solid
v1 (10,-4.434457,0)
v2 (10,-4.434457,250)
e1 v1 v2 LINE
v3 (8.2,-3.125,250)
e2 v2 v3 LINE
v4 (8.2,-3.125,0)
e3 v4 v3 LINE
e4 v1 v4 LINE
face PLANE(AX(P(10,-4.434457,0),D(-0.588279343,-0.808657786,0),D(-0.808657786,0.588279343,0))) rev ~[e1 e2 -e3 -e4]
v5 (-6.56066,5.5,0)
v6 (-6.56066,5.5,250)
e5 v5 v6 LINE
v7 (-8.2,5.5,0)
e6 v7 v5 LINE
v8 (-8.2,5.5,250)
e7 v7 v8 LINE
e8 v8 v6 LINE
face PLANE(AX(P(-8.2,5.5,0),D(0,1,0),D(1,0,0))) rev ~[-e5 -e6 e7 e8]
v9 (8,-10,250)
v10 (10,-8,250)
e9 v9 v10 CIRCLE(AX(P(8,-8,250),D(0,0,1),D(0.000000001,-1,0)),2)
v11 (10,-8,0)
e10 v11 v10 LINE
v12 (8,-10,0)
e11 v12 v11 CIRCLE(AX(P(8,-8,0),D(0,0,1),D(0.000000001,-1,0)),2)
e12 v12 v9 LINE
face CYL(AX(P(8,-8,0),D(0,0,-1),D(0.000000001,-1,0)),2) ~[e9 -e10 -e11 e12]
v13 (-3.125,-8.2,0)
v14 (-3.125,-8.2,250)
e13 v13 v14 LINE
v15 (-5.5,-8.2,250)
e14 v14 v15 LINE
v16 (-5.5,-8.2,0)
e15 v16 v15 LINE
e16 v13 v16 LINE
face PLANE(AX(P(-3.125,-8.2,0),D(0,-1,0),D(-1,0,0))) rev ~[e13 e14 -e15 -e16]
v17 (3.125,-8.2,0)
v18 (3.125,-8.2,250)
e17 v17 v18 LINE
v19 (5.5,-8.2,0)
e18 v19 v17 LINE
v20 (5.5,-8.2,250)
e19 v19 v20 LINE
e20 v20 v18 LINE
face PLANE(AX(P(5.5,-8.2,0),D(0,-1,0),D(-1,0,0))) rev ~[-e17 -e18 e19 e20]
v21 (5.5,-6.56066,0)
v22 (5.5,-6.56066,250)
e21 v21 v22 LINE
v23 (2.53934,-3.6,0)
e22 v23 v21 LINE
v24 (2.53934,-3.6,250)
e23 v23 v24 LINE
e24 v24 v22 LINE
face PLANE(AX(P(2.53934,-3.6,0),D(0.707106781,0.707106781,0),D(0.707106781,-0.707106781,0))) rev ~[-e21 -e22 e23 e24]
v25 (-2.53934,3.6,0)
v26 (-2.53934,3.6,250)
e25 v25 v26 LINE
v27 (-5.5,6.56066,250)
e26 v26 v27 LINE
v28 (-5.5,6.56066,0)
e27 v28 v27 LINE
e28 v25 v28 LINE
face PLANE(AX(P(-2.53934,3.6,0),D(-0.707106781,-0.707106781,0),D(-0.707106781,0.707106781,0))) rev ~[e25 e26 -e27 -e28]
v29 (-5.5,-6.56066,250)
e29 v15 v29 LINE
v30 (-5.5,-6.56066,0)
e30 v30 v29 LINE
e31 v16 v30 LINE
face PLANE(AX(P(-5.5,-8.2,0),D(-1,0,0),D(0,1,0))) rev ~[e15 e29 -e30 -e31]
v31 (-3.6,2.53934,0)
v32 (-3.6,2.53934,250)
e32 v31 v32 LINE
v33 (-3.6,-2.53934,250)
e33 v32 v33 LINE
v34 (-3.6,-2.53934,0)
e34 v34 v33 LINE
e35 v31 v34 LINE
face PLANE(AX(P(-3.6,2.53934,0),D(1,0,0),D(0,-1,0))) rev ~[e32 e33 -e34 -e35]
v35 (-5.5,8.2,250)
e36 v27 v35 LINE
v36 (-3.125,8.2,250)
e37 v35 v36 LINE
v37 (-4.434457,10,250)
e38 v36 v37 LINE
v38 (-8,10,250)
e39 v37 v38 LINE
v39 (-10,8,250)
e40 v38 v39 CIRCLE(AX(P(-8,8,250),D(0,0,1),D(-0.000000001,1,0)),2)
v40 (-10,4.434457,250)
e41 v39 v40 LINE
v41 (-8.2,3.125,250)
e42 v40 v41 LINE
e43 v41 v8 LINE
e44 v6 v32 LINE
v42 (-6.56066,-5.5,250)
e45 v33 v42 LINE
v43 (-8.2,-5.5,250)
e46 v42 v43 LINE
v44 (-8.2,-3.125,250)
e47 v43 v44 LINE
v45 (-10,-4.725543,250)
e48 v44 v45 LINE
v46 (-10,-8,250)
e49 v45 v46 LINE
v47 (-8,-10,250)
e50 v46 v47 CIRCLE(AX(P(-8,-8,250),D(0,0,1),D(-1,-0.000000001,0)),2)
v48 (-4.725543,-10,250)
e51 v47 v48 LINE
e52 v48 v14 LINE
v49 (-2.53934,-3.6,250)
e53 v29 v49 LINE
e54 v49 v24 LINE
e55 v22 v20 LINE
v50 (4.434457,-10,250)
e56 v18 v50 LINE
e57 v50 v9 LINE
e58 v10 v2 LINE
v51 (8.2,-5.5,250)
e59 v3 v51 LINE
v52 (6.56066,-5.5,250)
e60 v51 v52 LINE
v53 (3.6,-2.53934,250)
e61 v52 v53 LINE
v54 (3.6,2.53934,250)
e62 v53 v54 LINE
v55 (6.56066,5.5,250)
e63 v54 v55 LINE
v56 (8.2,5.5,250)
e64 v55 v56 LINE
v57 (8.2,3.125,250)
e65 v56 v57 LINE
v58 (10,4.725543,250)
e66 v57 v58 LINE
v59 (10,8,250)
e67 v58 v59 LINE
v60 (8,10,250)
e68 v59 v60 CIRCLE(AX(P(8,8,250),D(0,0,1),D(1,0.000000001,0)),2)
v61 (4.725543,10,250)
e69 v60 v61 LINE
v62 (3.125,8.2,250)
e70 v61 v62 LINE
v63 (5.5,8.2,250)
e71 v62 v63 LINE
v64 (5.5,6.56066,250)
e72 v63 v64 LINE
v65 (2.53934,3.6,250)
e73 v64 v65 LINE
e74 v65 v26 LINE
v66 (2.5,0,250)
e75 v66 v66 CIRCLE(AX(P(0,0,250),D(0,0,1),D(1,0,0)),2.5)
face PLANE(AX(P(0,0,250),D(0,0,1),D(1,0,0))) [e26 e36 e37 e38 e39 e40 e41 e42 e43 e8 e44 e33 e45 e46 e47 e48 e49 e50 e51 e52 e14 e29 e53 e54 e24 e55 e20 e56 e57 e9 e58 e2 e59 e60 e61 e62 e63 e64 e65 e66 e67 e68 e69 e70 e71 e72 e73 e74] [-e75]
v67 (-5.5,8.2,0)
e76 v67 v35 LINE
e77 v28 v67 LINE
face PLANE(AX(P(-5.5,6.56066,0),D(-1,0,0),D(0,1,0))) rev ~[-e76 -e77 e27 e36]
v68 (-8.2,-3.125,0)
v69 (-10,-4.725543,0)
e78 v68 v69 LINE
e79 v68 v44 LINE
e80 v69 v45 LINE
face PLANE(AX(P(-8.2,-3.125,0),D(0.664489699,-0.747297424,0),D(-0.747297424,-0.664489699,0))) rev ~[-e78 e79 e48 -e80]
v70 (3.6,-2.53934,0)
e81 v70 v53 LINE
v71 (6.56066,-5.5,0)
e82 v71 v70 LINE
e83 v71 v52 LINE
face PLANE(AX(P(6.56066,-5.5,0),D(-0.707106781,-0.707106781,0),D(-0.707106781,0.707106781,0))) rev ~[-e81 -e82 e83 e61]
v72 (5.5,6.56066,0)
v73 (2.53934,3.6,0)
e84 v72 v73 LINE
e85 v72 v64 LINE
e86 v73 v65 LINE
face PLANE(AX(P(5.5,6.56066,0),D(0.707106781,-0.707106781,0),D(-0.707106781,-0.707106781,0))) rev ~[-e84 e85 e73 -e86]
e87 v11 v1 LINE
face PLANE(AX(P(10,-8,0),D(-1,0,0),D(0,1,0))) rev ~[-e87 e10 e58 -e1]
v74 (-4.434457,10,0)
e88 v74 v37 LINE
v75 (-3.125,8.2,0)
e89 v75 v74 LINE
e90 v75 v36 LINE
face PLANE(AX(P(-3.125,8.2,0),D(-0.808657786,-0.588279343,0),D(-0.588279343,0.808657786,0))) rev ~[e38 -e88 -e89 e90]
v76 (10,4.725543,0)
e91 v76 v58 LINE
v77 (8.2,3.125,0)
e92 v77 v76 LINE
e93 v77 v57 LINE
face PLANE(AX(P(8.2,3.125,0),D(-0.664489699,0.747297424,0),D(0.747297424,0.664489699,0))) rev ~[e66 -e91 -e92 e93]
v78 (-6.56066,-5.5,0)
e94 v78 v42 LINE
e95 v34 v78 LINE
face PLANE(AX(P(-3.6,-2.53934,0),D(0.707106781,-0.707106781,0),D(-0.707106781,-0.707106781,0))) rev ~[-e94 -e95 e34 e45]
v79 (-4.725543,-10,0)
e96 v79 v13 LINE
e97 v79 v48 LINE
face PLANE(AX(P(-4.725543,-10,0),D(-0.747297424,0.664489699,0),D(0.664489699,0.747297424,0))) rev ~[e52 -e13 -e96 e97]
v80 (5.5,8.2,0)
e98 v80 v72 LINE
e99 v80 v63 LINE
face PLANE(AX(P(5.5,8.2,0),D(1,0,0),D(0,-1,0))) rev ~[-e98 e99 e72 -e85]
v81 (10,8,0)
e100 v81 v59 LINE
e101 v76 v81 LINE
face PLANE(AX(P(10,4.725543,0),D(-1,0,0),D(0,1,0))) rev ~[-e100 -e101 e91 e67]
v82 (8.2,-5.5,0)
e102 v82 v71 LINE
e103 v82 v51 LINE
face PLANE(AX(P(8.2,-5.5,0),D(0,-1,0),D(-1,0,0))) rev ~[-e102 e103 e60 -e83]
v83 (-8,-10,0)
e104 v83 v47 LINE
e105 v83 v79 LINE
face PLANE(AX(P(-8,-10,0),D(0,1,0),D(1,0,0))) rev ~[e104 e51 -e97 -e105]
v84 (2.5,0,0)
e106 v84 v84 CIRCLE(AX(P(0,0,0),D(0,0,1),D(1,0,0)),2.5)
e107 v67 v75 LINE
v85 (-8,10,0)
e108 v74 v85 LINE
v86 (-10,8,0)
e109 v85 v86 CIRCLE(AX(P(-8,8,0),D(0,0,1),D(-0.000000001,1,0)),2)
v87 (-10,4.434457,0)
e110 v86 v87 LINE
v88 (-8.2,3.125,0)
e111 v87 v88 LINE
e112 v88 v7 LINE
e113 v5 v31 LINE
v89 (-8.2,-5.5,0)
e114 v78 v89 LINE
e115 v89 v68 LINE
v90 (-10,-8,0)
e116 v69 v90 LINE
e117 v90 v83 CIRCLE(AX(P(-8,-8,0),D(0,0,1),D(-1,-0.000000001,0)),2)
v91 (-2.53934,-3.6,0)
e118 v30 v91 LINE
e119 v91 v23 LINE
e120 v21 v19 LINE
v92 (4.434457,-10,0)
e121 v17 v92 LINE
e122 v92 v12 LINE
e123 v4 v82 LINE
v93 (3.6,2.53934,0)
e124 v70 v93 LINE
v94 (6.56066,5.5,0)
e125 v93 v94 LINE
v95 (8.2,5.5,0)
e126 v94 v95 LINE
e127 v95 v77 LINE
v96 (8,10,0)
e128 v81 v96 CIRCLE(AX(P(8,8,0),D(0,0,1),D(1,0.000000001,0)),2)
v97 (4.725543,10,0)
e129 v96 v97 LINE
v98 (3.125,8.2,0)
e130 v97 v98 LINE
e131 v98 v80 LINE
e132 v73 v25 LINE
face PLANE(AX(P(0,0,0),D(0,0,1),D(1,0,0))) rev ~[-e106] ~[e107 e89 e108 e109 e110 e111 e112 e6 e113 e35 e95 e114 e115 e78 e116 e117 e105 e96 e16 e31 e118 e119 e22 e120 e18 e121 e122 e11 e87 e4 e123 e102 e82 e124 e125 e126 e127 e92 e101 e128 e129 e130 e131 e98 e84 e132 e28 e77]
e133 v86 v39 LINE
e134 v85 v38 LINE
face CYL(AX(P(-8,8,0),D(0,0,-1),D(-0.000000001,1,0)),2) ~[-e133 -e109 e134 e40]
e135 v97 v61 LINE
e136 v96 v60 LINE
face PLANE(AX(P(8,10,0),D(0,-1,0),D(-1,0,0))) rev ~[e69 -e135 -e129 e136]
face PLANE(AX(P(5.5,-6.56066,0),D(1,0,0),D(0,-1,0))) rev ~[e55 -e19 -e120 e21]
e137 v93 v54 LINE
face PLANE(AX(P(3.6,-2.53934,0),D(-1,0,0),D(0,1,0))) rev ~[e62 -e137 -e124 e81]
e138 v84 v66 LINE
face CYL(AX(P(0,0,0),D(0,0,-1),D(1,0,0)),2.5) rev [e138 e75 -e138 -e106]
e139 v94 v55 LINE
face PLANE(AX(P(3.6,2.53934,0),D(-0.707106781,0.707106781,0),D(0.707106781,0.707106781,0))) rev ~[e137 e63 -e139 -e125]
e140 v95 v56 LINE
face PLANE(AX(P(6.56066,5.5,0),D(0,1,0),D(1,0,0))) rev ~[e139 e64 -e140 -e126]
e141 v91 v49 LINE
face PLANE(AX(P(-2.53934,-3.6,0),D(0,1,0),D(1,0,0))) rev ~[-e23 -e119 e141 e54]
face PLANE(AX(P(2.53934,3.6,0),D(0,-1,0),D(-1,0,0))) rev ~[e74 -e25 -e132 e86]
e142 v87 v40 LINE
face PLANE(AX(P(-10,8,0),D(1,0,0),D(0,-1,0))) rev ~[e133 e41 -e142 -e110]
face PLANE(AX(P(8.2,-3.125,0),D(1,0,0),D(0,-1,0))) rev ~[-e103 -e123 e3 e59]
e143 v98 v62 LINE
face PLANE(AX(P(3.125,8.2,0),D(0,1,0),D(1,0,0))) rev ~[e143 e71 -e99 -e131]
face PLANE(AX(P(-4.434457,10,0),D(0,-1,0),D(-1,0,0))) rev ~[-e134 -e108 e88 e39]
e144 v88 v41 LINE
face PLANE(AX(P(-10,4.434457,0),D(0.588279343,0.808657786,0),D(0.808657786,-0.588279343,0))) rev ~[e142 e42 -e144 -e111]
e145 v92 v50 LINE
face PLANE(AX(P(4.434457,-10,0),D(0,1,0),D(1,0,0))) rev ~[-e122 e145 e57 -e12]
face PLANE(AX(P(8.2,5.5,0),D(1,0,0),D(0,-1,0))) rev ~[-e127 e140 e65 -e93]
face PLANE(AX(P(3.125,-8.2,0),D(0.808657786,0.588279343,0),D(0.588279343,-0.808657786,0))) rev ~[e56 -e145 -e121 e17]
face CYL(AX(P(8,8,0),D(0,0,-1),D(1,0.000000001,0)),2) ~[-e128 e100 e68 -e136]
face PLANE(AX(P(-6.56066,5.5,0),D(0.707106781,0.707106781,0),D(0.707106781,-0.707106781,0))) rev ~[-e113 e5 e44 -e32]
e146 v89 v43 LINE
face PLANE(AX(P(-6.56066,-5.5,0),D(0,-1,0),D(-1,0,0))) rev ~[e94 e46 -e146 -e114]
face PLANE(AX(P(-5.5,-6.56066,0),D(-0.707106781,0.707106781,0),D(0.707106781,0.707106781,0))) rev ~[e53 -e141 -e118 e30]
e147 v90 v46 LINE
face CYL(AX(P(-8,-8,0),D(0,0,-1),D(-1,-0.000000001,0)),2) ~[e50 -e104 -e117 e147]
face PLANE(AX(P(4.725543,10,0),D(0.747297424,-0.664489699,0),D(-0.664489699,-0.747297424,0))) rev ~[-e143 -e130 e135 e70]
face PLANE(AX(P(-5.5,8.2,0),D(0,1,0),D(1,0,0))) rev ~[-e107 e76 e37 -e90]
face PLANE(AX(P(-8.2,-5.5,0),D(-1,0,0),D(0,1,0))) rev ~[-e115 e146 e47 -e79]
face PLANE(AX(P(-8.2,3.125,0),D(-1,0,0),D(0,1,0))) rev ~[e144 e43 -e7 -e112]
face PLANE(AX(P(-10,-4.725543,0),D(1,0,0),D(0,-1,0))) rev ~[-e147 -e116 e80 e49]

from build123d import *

# Parameters (mm, degrees)
SKETCH1_R           = 2.5
BOSS_EXTRUDE1_DEPTH = 250


with BuildPart() as part:
    # Sketch1 → Boss-Extrude1 (new body)
    with BuildSketch(Plane.XY):
        with BuildLine():
            Line((-4.725542729, -10), (-3.125, -8.2))
            Line((-3.125, -8.2), (-5.5, -8.2))
            Line((-5.5, -8.2), (-5.5, -6.560660172))
            Line((-5.5, -6.560660172), (-2.539339828, -3.6))
            Line((-2.539339828, -3.6), (2.539339828, -3.6))
            Line((2.539339828, -3.6), (5.5, -6.560660172))
            Line((5.5, -6.560660172), (5.5, -8.2))
            Line((5.5, -8.2), (3.125, -8.2))
            Line((3.125, -8.2), (4.434457271, -10))
            Line((4.434457271, -10), (8, -10))
            ThreePointArc((8, -10), (9.414213562, -9.414213562), (10, -8))
            Line((10, -8), (10, -4.434457271))
            Line((10, -4.434457271), (8.2, -3.125))
            Line((8.2, -3.125), (8.2, -5.5))
            Line((8.2, -5.5), (6.560660172, -5.5))
            Line((6.560660172, -5.5), (3.6, -2.539339828))
            Line((3.6, -2.539339828), (3.6, 2.539339828))
            Line((3.6, 2.539339828), (6.560660172, 5.5))
            Line((6.560660172, 5.5), (8.2, 5.5))
            Line((8.2, 5.5), (8.2, 3.125))
            Line((8.2, 3.125), (10, 4.725542729))
            Line((10, 4.725542729), (10, 8))
            ThreePointArc((10, 8), (9.414213562, 9.414213562), (8, 10))
            Line((8, 10), (4.725542729, 10))
            Line((4.725542729, 10), (3.125, 8.2))
            Line((3.125, 8.2), (5.5, 8.2))
            Line((5.5, 8.2), (5.5, 6.560660172))
            Line((5.5, 6.560660172), (2.539339828, 3.6))
            Line((2.539339828, 3.6), (-2.539339828, 3.6))
            Line((-2.539339828, 3.6), (-5.5, 6.560660172))
            Line((-5.5, 6.560660172), (-5.5, 8.2))
            Line((-5.5, 8.2), (-3.125, 8.2))
            Line((-3.125, 8.2), (-4.434457271, 10))
            Line((-4.434457271, 10), (-8, 10))
            ThreePointArc((-8, 10), (-9.414213562, 9.414213562), (-10, 8))
            Line((-10, 8), (-10, 4.434457271))
            Line((-10, 4.434457271), (-8.2, 3.125))
            Line((-8.2, 3.125), (-8.2, 5.5))
            Line((-8.2, 5.5), (-6.560660172, 5.5))
            Line((-6.560660172, 5.5), (-3.6, 2.539339828))
            Line((-3.6, 2.539339828), (-3.6, -2.539339828))
            Line((-3.6, -2.539339828), (-6.560660172, -5.5))
            Line((-6.560660172, -5.5), (-8.2, -5.5))
            Line((-8.2, -5.5), (-8.2, -3.125))
            Line((-8.2, -3.125), (-10, -4.725542729))
            Line((-10, -4.725542729), (-10, -8))
            ThreePointArc((-10, -8), (-9.414213562, -9.414213562), (-8, -10))
            Line((-8, -10), (-4.725542729, -10))
        make_face()
        Circle(SKETCH1_R, mode=Mode.SUBTRACT)
    extrude(amount=BOSS_EXTRUDE1_DEPTH)


solid = part.part
